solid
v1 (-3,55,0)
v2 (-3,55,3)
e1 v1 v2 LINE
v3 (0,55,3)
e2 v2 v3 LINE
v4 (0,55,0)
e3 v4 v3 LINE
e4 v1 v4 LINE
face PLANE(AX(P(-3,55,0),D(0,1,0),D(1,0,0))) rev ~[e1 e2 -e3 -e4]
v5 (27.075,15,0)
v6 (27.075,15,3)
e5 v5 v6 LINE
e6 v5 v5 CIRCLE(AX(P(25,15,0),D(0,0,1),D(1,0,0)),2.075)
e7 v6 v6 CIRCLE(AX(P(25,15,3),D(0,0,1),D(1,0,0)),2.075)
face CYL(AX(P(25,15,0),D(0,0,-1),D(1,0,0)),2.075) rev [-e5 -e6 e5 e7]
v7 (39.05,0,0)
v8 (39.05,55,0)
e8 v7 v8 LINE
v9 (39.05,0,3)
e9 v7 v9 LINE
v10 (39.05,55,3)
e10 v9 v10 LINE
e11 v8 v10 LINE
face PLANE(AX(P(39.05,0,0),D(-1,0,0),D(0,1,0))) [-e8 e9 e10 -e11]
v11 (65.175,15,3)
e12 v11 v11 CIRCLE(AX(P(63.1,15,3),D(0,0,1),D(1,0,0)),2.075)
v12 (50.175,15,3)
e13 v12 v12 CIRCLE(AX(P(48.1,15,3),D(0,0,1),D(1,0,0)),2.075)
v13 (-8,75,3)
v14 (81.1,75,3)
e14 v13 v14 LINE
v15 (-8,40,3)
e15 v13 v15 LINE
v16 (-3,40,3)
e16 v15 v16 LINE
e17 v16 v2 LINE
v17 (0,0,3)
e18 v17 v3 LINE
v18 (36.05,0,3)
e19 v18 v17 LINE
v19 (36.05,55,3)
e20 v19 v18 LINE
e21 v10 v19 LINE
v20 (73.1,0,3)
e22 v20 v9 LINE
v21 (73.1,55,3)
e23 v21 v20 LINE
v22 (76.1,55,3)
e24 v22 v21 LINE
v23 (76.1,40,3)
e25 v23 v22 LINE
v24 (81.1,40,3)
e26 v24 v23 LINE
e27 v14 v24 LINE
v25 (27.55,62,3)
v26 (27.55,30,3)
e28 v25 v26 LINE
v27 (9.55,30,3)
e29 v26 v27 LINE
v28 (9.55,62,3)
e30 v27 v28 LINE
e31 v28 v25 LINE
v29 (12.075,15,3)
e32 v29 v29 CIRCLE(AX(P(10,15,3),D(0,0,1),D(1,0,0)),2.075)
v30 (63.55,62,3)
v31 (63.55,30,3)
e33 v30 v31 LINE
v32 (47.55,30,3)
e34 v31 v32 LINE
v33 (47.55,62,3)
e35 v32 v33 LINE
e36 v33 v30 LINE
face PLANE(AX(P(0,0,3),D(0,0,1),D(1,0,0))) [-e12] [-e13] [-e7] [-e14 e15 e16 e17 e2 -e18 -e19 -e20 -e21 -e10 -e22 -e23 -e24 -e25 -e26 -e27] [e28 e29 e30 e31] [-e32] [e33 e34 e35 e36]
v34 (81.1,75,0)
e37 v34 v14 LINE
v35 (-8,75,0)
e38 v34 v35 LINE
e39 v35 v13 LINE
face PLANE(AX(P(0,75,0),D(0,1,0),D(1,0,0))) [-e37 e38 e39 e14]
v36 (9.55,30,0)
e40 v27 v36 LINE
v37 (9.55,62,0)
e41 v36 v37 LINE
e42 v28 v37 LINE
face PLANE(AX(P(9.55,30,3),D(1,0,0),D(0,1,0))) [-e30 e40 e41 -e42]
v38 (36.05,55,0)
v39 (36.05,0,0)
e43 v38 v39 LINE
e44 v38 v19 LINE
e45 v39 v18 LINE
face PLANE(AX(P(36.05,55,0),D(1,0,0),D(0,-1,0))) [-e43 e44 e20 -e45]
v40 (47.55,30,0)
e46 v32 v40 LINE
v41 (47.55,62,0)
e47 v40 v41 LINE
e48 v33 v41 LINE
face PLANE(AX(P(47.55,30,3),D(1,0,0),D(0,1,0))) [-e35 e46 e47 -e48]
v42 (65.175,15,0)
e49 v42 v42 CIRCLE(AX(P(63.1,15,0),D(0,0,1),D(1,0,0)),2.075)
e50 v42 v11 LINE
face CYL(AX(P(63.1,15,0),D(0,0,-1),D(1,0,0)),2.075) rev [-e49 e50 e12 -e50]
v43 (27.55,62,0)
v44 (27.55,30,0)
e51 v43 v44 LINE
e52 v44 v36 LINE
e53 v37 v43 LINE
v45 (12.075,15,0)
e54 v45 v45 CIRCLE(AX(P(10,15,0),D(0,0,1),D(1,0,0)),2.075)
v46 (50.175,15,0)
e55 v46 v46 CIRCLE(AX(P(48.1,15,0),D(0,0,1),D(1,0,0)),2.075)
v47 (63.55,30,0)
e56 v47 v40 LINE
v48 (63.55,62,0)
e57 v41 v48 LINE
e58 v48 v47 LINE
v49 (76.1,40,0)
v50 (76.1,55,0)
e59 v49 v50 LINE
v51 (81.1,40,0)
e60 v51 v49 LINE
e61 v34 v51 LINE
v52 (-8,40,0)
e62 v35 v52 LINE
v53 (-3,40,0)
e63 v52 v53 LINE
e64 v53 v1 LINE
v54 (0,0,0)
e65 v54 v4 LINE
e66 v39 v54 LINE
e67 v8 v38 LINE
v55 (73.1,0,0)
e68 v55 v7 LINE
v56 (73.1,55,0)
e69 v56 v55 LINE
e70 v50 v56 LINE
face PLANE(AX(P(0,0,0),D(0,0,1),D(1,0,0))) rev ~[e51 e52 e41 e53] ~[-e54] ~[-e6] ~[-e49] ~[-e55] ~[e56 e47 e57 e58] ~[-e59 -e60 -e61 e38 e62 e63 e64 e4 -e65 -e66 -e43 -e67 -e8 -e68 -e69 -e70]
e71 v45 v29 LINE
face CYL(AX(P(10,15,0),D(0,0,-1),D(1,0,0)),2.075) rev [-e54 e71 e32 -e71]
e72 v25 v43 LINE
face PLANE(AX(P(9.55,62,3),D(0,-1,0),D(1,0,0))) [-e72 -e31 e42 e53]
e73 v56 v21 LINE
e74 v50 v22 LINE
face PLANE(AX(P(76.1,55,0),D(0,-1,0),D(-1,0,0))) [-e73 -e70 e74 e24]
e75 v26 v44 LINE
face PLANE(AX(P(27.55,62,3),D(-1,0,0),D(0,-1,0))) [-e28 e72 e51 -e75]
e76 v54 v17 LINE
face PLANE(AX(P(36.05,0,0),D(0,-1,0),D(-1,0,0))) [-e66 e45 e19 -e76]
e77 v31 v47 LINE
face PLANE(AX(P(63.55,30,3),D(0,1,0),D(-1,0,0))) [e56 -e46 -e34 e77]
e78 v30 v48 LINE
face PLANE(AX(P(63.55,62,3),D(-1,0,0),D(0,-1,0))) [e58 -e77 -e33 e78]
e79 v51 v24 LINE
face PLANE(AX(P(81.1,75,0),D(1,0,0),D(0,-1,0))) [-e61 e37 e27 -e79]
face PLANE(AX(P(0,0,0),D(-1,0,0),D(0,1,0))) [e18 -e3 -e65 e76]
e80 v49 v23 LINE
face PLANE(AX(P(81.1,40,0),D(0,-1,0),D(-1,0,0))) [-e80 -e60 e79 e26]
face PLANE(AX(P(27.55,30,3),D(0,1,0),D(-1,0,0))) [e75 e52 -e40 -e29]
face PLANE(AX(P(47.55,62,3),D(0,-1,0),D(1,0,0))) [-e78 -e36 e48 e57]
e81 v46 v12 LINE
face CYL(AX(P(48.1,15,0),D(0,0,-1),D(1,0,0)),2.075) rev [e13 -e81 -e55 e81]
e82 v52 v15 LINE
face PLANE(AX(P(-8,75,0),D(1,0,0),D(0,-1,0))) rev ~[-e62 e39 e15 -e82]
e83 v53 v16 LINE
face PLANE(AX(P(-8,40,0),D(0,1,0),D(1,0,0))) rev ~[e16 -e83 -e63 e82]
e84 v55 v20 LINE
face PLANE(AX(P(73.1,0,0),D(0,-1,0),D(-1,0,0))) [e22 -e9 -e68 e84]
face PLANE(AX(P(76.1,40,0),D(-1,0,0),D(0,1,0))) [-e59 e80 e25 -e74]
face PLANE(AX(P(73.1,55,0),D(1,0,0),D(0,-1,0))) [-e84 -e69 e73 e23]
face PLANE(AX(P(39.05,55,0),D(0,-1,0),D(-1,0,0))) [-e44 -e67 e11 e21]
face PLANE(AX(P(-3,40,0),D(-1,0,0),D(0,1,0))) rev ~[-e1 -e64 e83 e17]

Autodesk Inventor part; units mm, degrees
ref_plane "YZ Plane" through (0, 0, 0) normal (1, 0, 0) x (0, 1, 0)
ref_plane "XZ Plane" through (0, 0, 0) normal (0, 1, 0) x (-1, 0, 0)
ref_plane "XY Plane" through (0, 0, 0) normal (0, 0, 1) x (1, 0, 0)
sketch "Sketch1" plane through (0, 0, 0) normal (0, 0, 1) x (1, 0, 0)
  line L0 (0, 75) -> (36.05, 75)
  line L1 (36.05, 75) -> (36.05, 0)
  line L2 (36.05, 0) -> (0, 0)
  line L3 (0, 0) -> (0, 75)
  line L4 (36.05, 75) -> (39.05, 75)
  line L5 (39.05, 75) -> (39.05, 55)
  line L6 (39.05, 55) -> (36.05, 55)
  line L7 (36.05, 55) -> (36.05, 75)
  line L8 (39.05, 75) -> (73.1, 75)
  line L9 (73.1, 75) -> (73.1, 0)
  line L10 (73.1, 0) -> (39.05, 0)
  line L11 (39.05, 0) -> (39.05, 75)
  line L12 (0, 75) -> (-3, 75)
  line L13 (-3, 75) -> (-3, 55)
  line L14 (-3, 55) -> (0, 55)
  line L15 (0, 55) -> (0, 75)
  line L16 (73.1, 75) -> (76.1, 75)
  line L17 (76.1, 75) -> (76.1, 55)
  line L18 (76.1, 55) -> (73.1, 55)
  line L19 (73.1, 55) -> (73.1, 75)
  line L20 (76.1, 75) -> (81.1, 75)
  line L21 (81.1, 75) -> (81.1, 40)
  line L22 (81.1, 40) -> (76.1, 40)
  line L23 (76.1, 40) -> (76.1, 75)
  line L24 (-3, 75) -> (-8, 75)
  line L25 (-8, 75) -> (-8, 40)
  line L26 (-8, 40) -> (-3, 40)
  line L27 (-3, 40) -> (-3, 75)
  circle A0 centre (63.1, 15) radius 2.075
  circle A1 centre (10, 15) radius 2.075
  circle A2 centre (25, 15) radius 2.075
  circle A3 centre (48.1, 15) radius 2.075
  point P0 (-3, 55)
  point P1 (0, 55)
  point P2 (36.05, 55)
  point P3 (39.05, 55)
  dimension "d0" = 36.05
  dimension "d1" = 3
  dimension "d2" = 20
  dimension "d3" = 34.05
  dimension "d5" = 75
  dimension "d6" = 3
  dimension "d7" = 3
  dimension "d8" = 5
  dimension "d9" = 35
  dimension "d10" = 5
  dimension "d12" = 4.15
  dimension "d13" = 4.15
  dimension "d14" = 10
  dimension "d15" = 10
  dimension "d16" = 4.15
  dimension "d17" = 4.15
  dimension "d18" = 15
  dimension "d19" = 15
  dimension "d22" = 55
  dimension "d23" = 15
extrude "Extrusion1" add sketch "Sketch1" along normal blind 3
sketch "Sketch2" plane through (0, 0, 3) normal (0, 0, 1) x (1, 0, 0)
  line L0 (9.55, 62) -> (27.55, 62)
  line L1 (27.55, 62) -> (27.55, 30)
  line L2 (27.55, 30) -> (9.55, 30)
  line L3 (9.55, 30) -> (9.55, 62)
  line L4 (47.55, 62) -> (63.55, 62)
  line L5 (63.55, 62) -> (63.55, 30)
  line L6 (63.55, 30) -> (47.55, 30)
  line L7 (47.55, 30) -> (47.55, 62)
  line L8 (36.05, 55) -> (39.05, 55) projected
  line L9 (81.1, 75) -> (-8, 75) projected
  point P0 (0, 0)
  point P1 (37.55, 55)
  point P2 (37.55, 55)
  dimension "d24" = 32
  dimension "d25" = 10
  dimension "d26" = 10
  dimension "d27" = 16
  dimension "d28" = 18
  dimension "d29" = 13
extrude "Extrusion2" cut sketch "Sketch2" against normal blind 3
properties part number "Back_board_large"
